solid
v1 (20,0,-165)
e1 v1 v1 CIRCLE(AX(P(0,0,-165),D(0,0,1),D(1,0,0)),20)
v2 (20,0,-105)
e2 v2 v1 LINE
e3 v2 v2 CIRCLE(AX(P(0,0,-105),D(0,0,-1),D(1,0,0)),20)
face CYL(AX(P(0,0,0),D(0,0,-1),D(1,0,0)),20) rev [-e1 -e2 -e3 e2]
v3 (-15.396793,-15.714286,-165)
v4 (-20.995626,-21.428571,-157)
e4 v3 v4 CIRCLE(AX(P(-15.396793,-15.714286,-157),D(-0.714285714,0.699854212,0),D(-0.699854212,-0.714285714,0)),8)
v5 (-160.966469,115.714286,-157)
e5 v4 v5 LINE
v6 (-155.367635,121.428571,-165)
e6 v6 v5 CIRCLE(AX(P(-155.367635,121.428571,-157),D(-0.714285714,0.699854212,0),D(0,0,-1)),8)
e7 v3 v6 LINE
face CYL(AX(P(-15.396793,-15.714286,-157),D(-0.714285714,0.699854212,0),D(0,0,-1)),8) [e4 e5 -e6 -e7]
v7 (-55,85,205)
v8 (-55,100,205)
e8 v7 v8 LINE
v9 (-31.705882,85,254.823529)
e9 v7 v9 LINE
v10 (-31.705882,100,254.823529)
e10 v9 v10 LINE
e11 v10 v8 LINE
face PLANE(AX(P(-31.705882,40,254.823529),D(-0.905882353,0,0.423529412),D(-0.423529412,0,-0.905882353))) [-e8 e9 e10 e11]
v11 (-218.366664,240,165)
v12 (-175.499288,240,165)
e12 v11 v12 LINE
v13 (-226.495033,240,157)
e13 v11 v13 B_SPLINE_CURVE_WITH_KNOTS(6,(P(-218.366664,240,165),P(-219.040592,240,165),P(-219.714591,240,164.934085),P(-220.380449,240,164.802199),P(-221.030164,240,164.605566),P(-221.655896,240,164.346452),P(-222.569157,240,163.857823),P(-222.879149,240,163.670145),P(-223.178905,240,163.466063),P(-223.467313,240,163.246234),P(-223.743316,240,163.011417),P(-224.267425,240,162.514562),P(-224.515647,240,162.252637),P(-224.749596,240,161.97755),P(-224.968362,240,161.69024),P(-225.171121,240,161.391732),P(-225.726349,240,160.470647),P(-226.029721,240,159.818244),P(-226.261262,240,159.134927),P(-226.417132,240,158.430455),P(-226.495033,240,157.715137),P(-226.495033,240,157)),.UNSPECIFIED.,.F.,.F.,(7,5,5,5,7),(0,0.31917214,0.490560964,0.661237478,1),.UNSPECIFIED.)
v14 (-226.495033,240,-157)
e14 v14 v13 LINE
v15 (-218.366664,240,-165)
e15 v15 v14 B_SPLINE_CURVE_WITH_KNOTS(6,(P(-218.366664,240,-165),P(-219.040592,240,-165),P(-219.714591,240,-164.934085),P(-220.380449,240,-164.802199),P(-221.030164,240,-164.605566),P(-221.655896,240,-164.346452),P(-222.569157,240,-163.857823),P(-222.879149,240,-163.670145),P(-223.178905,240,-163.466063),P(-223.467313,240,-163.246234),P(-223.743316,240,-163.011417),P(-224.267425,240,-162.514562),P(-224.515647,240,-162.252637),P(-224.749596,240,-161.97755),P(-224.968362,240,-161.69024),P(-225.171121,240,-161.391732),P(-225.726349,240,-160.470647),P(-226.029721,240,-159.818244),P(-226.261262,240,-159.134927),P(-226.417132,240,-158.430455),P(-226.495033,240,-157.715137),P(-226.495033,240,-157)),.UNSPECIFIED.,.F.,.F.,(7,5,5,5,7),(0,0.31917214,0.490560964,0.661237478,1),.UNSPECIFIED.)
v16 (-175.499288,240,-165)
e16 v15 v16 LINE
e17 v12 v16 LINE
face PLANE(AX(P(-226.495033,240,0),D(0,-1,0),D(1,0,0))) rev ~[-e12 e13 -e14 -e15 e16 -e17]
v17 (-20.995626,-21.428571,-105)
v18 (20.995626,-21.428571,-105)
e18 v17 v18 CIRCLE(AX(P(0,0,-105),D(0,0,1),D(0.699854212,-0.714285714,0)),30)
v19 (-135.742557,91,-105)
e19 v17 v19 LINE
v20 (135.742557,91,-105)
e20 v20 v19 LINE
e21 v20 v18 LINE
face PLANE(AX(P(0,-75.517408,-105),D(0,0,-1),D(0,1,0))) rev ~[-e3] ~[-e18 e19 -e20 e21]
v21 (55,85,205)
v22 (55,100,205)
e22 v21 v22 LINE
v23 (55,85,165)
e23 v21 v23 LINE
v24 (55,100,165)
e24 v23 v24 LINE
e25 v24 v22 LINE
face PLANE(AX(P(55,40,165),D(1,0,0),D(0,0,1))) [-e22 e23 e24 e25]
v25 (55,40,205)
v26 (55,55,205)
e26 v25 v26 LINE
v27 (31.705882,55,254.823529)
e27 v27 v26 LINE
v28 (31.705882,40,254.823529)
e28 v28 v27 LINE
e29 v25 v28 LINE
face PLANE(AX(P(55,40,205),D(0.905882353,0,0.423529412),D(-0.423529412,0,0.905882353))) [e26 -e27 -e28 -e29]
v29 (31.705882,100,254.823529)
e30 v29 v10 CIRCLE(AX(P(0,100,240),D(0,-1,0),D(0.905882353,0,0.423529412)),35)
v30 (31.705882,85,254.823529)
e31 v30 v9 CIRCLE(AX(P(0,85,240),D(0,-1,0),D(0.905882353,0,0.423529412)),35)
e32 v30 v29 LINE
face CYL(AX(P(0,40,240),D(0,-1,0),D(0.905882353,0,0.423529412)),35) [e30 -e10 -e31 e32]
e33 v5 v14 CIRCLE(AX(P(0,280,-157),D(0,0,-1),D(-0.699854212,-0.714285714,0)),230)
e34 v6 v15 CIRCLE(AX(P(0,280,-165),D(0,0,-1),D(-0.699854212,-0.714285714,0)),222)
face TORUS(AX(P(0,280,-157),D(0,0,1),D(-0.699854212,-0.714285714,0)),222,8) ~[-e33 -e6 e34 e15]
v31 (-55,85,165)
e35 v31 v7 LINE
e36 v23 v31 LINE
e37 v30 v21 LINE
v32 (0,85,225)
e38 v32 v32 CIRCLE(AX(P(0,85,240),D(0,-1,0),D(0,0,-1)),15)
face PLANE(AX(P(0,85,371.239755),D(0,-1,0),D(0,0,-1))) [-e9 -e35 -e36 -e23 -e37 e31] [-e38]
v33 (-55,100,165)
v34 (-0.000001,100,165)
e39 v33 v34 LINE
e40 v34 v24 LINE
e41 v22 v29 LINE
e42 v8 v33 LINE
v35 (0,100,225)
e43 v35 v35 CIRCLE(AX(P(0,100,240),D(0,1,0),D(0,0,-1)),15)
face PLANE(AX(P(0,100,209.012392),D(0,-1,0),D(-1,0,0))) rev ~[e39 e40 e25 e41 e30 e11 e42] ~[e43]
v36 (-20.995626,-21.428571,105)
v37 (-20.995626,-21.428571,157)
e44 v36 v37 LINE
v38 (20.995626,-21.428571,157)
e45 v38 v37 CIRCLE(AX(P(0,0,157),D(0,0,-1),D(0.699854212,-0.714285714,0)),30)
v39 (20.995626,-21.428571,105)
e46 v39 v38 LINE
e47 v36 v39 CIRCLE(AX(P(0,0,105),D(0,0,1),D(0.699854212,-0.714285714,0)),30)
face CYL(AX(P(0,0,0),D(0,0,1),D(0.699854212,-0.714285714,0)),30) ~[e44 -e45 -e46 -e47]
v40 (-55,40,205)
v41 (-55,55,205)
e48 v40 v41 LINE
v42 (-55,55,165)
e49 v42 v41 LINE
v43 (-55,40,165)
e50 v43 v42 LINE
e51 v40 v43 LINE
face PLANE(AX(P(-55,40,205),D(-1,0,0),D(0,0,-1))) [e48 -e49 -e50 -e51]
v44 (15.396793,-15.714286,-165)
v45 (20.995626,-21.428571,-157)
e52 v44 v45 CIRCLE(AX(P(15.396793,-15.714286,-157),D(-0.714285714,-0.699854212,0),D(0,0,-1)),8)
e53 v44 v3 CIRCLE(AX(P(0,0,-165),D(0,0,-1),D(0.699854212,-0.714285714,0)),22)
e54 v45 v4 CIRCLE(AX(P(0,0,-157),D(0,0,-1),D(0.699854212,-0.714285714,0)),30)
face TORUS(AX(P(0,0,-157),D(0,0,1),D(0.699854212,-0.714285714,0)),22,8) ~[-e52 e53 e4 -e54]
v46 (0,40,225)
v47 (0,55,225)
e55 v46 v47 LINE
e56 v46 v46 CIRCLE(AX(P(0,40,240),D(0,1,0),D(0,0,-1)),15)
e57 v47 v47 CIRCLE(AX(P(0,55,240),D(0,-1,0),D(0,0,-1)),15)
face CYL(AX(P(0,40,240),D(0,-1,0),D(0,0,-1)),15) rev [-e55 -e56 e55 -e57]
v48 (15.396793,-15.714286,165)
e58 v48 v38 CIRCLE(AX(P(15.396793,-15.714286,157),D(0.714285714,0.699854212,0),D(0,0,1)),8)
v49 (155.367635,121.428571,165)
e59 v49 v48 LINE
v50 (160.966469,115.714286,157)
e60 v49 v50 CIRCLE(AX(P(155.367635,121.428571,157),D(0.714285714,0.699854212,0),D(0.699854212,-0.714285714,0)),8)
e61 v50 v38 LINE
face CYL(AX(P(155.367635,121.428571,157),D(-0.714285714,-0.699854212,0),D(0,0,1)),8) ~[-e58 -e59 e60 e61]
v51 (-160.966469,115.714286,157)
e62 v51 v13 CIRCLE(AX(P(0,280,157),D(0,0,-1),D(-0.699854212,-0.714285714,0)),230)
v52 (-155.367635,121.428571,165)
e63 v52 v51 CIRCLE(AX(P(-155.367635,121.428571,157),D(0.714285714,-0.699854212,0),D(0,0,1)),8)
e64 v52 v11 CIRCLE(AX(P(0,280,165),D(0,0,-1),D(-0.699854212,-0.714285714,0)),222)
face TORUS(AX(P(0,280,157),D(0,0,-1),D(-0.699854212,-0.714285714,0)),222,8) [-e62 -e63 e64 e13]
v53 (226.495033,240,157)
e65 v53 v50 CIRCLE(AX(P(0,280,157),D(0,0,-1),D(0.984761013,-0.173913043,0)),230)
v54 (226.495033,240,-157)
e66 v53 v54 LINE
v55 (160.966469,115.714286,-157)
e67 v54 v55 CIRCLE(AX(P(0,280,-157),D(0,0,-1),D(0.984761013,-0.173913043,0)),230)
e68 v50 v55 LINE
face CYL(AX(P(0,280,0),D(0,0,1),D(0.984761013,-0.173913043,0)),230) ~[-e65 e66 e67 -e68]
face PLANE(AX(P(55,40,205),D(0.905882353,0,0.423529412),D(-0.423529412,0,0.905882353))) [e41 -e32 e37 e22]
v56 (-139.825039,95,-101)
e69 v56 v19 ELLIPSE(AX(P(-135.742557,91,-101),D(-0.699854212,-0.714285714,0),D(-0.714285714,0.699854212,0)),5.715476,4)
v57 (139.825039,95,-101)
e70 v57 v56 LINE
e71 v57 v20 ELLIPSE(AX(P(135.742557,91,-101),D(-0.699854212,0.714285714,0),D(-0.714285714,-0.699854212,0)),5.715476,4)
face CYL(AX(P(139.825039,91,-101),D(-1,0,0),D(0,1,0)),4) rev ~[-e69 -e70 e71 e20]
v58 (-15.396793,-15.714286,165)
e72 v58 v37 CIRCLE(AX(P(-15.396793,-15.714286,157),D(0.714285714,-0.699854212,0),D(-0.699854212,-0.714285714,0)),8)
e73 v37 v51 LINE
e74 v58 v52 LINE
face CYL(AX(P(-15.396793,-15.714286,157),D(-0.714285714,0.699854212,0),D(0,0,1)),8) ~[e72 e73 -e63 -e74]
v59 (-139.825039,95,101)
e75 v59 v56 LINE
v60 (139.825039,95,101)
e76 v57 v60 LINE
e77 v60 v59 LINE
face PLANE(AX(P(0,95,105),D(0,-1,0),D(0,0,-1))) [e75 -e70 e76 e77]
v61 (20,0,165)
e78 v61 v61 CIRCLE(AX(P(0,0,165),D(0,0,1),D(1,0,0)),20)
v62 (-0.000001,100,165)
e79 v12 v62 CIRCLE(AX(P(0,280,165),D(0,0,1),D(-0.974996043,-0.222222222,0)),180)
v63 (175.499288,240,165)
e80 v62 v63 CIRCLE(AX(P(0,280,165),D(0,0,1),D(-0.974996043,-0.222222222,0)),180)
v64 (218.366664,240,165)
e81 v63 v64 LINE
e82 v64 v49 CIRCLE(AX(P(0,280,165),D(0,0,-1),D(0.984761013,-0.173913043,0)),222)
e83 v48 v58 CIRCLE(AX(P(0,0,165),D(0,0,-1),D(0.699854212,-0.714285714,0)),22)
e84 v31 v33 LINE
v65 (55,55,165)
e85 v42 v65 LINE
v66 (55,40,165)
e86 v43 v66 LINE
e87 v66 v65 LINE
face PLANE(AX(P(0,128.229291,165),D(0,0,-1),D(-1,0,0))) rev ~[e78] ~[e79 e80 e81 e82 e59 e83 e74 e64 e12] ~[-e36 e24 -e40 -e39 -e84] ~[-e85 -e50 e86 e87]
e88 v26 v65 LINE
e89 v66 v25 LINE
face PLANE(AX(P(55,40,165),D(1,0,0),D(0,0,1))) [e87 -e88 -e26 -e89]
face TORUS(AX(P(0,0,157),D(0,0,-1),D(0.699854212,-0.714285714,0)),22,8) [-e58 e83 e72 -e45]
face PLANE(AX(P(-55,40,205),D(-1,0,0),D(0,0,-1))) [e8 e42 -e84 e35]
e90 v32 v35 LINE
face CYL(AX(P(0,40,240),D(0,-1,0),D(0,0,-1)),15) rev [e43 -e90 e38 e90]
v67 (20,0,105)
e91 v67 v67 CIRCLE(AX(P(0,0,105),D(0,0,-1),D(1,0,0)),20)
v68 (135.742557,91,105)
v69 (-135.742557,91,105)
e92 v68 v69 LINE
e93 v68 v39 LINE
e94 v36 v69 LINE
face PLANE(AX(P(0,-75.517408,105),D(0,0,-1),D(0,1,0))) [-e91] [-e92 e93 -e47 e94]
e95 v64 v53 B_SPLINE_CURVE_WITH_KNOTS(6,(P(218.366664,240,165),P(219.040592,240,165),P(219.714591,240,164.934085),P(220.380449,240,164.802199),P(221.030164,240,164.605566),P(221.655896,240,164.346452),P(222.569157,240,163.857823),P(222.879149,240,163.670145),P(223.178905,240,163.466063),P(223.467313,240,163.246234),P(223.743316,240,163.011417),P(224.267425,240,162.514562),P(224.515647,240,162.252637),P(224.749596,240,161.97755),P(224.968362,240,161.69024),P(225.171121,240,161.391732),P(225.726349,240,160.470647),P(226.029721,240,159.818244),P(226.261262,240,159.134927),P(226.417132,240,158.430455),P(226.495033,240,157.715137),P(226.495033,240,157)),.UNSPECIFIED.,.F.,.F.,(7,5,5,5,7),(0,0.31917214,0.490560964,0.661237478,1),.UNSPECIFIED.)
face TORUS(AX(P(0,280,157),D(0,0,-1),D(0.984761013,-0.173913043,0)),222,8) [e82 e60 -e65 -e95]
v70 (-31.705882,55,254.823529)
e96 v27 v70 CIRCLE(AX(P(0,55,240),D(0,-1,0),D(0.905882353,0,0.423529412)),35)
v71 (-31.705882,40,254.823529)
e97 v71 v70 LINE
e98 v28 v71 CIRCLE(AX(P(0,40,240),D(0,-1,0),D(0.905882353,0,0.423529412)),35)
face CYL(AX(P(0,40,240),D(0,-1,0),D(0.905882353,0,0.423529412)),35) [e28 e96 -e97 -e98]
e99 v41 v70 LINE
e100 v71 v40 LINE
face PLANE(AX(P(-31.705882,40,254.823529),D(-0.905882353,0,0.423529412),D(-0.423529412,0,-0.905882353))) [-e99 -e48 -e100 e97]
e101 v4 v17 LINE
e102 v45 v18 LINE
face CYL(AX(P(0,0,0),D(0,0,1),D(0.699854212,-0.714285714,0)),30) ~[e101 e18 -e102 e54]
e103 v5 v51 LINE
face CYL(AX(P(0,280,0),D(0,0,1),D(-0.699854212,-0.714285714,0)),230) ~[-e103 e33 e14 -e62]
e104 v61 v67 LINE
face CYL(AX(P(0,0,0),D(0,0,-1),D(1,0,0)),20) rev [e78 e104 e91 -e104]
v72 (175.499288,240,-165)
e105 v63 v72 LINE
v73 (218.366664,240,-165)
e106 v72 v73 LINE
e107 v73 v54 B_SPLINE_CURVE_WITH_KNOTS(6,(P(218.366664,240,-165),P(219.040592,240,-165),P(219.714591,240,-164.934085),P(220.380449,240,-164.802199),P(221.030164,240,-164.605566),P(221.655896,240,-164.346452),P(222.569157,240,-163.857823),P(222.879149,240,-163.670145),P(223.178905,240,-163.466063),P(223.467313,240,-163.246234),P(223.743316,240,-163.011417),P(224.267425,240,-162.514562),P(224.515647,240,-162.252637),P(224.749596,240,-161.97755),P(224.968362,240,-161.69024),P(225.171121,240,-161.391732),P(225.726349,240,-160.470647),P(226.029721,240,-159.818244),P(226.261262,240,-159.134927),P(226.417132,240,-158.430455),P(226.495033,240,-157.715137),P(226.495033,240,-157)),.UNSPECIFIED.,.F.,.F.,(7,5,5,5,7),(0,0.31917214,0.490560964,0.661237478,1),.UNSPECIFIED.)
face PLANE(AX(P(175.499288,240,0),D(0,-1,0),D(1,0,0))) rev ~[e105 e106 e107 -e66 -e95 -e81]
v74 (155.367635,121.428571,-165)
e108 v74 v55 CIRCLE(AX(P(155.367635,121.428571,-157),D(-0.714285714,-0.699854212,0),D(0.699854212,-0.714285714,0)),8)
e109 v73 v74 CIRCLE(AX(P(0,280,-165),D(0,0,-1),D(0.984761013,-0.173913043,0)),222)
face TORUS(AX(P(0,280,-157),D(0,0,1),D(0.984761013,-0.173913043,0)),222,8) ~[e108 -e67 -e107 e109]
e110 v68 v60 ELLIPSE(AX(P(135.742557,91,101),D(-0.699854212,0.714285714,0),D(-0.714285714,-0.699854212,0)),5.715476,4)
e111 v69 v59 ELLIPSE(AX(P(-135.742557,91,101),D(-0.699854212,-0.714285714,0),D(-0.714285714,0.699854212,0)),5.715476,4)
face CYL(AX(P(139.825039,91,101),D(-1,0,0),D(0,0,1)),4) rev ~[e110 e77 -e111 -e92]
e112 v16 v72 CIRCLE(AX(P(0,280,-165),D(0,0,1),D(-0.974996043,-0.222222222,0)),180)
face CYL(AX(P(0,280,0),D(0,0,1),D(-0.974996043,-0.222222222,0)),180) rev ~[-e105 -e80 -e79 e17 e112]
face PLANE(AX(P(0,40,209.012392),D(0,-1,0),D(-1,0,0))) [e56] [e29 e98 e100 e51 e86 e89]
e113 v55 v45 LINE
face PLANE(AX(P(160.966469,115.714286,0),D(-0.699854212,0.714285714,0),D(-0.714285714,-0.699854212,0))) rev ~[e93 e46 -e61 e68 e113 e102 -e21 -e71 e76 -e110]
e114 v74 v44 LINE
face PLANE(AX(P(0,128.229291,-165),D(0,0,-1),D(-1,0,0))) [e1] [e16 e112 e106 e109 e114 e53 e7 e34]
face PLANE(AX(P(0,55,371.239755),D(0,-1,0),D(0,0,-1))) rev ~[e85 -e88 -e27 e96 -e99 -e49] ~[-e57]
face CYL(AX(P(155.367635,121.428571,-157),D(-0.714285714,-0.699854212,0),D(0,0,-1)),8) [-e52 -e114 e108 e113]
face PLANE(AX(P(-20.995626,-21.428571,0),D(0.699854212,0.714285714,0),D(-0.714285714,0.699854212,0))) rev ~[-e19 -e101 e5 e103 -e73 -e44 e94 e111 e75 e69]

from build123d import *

# Parameters (mm, degrees)
SKETCH1_R           = 20
BOSS_EXTRUDE1_DEPTH = 165
BOSS_EXTRUDE2_START = 40
SKETCH2_R           = 15
BOSS_EXTRUDE2_DEPTH = 60
SKETCH3_W           = 206.239754747
SKETCH3_H           = 30
CUT_EXTRUDE1_DEPTH  = 173.5
SKETCH4_W           = 210
SKETCH4_H           = 170.517407572
CUT_EXTRUDE2_DEPTH  = 1054.5
FILLET1_R           = 4
FILLET2_R           = 8


with BuildPart() as part:
    # Sketch1 → Boss-Extrude1 (new, symmetric)
    with BuildSketch(Plane.XY):
        with BuildLine():
            Line((-226.495033058, 240), (-175.499287748, 240))
            ThreePointArc((-175.499287748, 240), (0, 100), (175.499287748, 240))
            Line((175.499287748, 240), (226.495033058, 240))
            ThreePointArc((226.495033058, 240), (203.453529219, 172.730892386), (160.966468811, 115.714285714))
            Line((160.966468811, 115.714285714), (20.995626367, -21.428571429))
            ThreePointArc((20.995626367, -21.428571429), (0, -30), (-20.995626367, -21.428571429))
            Line((-20.995626367, -21.428571429), (-160.966468811, 115.714285714))
            ThreePointArc((-160.966468811, 115.714285714), (-203.453529219, 172.730892386), (-226.495033058, 240))
        make_face()
        Circle(SKETCH1_R, mode=Mode.SUBTRACT)
    extrude(amount=BOSS_EXTRUDE1_DEPTH, both=True)

    # Sketch2 → Boss-Extrude2 (add)
    with BuildSketch(Plane(origin=(0, 0, 0), x_dir=(1, 0, 0), z_dir=(0, 1, 0)).offset(BOSS_EXTRUDE2_START)):
        with BuildLine():
            Line((-55, -165), (55, -165))
            Line((55, -165), (55, -205))
            Line((55, -205), (31.705882353, -254.823529412))
            ThreePointArc((31.705882353, -254.823529412), (0, -275), (-31.705882353, -254.823529412))
            Line((-31.705882353, -254.823529412), (-55, -205))
            Line((-55, -205), (-55, -165))
        make_face()
        with Locations(Location((0, -240, 0), (0, 0, 90))):
            Circle(SKETCH2_R, mode=Mode.SUBTRACT)
    extrude(amount=BOSS_EXTRUDE2_DEPTH)

    # Sketch3 → Cut-Extrude1 (cut, symmetric)
    with BuildSketch(Plane(origin=(0, 0, 0), x_dir=(0, 0, -1), z_dir=(1, 0, 0))):
        with Locations((-268.119877374, 70)):
            Rectangle(SKETCH3_W, SKETCH3_H)
    extrude(amount=CUT_EXTRUDE1_DEPTH, both=True, mode=Mode.SUBTRACT)

    # Sketch4 → Cut-Extrude2 (cut, symmetric)
    with BuildSketch(Plane(origin=(0, 0, 0), x_dir=(0, 0, -1), z_dir=(1, 0, 0))):
        with Locations((0, 9.741296214)):
            Rectangle(SKETCH4_W, SKETCH4_H)
    extrude(amount=CUT_EXTRUDE2_DEPTH, both=True, mode=Mode.SUBTRACT)

    # Fillet1
    fillet1_edges = [part.edges().sort_by_distance(p)[0] for p in [
        (0, 95, 105),
        (0, 95, -105),
    ]]
    fillet(fillet1_edges, radius=FILLET1_R)

    # Fillet2
    fillet2_edges = [part.edges().sort_by_distance(p)[0] for p in [
        (-90.981047589, 47.142857143, -165),
        (-203.453529219, 172.730892386, -165),
        (-203.453529219, 172.730892386, 165),
        (-90.981047589, 47.142857143, 165),
        (0, -30, 165),
        (90.981047589, 47.142857143, 165),
        (203.453529219, 172.730892386, 165),
        (203.453529219, 172.730892386, -165),
        (90.981047589, 47.142857143, -165),
        (0, -30, -165),
    ]]
    fillet(fillet2_edges, radius=FILLET2_R)


solid = part.part
